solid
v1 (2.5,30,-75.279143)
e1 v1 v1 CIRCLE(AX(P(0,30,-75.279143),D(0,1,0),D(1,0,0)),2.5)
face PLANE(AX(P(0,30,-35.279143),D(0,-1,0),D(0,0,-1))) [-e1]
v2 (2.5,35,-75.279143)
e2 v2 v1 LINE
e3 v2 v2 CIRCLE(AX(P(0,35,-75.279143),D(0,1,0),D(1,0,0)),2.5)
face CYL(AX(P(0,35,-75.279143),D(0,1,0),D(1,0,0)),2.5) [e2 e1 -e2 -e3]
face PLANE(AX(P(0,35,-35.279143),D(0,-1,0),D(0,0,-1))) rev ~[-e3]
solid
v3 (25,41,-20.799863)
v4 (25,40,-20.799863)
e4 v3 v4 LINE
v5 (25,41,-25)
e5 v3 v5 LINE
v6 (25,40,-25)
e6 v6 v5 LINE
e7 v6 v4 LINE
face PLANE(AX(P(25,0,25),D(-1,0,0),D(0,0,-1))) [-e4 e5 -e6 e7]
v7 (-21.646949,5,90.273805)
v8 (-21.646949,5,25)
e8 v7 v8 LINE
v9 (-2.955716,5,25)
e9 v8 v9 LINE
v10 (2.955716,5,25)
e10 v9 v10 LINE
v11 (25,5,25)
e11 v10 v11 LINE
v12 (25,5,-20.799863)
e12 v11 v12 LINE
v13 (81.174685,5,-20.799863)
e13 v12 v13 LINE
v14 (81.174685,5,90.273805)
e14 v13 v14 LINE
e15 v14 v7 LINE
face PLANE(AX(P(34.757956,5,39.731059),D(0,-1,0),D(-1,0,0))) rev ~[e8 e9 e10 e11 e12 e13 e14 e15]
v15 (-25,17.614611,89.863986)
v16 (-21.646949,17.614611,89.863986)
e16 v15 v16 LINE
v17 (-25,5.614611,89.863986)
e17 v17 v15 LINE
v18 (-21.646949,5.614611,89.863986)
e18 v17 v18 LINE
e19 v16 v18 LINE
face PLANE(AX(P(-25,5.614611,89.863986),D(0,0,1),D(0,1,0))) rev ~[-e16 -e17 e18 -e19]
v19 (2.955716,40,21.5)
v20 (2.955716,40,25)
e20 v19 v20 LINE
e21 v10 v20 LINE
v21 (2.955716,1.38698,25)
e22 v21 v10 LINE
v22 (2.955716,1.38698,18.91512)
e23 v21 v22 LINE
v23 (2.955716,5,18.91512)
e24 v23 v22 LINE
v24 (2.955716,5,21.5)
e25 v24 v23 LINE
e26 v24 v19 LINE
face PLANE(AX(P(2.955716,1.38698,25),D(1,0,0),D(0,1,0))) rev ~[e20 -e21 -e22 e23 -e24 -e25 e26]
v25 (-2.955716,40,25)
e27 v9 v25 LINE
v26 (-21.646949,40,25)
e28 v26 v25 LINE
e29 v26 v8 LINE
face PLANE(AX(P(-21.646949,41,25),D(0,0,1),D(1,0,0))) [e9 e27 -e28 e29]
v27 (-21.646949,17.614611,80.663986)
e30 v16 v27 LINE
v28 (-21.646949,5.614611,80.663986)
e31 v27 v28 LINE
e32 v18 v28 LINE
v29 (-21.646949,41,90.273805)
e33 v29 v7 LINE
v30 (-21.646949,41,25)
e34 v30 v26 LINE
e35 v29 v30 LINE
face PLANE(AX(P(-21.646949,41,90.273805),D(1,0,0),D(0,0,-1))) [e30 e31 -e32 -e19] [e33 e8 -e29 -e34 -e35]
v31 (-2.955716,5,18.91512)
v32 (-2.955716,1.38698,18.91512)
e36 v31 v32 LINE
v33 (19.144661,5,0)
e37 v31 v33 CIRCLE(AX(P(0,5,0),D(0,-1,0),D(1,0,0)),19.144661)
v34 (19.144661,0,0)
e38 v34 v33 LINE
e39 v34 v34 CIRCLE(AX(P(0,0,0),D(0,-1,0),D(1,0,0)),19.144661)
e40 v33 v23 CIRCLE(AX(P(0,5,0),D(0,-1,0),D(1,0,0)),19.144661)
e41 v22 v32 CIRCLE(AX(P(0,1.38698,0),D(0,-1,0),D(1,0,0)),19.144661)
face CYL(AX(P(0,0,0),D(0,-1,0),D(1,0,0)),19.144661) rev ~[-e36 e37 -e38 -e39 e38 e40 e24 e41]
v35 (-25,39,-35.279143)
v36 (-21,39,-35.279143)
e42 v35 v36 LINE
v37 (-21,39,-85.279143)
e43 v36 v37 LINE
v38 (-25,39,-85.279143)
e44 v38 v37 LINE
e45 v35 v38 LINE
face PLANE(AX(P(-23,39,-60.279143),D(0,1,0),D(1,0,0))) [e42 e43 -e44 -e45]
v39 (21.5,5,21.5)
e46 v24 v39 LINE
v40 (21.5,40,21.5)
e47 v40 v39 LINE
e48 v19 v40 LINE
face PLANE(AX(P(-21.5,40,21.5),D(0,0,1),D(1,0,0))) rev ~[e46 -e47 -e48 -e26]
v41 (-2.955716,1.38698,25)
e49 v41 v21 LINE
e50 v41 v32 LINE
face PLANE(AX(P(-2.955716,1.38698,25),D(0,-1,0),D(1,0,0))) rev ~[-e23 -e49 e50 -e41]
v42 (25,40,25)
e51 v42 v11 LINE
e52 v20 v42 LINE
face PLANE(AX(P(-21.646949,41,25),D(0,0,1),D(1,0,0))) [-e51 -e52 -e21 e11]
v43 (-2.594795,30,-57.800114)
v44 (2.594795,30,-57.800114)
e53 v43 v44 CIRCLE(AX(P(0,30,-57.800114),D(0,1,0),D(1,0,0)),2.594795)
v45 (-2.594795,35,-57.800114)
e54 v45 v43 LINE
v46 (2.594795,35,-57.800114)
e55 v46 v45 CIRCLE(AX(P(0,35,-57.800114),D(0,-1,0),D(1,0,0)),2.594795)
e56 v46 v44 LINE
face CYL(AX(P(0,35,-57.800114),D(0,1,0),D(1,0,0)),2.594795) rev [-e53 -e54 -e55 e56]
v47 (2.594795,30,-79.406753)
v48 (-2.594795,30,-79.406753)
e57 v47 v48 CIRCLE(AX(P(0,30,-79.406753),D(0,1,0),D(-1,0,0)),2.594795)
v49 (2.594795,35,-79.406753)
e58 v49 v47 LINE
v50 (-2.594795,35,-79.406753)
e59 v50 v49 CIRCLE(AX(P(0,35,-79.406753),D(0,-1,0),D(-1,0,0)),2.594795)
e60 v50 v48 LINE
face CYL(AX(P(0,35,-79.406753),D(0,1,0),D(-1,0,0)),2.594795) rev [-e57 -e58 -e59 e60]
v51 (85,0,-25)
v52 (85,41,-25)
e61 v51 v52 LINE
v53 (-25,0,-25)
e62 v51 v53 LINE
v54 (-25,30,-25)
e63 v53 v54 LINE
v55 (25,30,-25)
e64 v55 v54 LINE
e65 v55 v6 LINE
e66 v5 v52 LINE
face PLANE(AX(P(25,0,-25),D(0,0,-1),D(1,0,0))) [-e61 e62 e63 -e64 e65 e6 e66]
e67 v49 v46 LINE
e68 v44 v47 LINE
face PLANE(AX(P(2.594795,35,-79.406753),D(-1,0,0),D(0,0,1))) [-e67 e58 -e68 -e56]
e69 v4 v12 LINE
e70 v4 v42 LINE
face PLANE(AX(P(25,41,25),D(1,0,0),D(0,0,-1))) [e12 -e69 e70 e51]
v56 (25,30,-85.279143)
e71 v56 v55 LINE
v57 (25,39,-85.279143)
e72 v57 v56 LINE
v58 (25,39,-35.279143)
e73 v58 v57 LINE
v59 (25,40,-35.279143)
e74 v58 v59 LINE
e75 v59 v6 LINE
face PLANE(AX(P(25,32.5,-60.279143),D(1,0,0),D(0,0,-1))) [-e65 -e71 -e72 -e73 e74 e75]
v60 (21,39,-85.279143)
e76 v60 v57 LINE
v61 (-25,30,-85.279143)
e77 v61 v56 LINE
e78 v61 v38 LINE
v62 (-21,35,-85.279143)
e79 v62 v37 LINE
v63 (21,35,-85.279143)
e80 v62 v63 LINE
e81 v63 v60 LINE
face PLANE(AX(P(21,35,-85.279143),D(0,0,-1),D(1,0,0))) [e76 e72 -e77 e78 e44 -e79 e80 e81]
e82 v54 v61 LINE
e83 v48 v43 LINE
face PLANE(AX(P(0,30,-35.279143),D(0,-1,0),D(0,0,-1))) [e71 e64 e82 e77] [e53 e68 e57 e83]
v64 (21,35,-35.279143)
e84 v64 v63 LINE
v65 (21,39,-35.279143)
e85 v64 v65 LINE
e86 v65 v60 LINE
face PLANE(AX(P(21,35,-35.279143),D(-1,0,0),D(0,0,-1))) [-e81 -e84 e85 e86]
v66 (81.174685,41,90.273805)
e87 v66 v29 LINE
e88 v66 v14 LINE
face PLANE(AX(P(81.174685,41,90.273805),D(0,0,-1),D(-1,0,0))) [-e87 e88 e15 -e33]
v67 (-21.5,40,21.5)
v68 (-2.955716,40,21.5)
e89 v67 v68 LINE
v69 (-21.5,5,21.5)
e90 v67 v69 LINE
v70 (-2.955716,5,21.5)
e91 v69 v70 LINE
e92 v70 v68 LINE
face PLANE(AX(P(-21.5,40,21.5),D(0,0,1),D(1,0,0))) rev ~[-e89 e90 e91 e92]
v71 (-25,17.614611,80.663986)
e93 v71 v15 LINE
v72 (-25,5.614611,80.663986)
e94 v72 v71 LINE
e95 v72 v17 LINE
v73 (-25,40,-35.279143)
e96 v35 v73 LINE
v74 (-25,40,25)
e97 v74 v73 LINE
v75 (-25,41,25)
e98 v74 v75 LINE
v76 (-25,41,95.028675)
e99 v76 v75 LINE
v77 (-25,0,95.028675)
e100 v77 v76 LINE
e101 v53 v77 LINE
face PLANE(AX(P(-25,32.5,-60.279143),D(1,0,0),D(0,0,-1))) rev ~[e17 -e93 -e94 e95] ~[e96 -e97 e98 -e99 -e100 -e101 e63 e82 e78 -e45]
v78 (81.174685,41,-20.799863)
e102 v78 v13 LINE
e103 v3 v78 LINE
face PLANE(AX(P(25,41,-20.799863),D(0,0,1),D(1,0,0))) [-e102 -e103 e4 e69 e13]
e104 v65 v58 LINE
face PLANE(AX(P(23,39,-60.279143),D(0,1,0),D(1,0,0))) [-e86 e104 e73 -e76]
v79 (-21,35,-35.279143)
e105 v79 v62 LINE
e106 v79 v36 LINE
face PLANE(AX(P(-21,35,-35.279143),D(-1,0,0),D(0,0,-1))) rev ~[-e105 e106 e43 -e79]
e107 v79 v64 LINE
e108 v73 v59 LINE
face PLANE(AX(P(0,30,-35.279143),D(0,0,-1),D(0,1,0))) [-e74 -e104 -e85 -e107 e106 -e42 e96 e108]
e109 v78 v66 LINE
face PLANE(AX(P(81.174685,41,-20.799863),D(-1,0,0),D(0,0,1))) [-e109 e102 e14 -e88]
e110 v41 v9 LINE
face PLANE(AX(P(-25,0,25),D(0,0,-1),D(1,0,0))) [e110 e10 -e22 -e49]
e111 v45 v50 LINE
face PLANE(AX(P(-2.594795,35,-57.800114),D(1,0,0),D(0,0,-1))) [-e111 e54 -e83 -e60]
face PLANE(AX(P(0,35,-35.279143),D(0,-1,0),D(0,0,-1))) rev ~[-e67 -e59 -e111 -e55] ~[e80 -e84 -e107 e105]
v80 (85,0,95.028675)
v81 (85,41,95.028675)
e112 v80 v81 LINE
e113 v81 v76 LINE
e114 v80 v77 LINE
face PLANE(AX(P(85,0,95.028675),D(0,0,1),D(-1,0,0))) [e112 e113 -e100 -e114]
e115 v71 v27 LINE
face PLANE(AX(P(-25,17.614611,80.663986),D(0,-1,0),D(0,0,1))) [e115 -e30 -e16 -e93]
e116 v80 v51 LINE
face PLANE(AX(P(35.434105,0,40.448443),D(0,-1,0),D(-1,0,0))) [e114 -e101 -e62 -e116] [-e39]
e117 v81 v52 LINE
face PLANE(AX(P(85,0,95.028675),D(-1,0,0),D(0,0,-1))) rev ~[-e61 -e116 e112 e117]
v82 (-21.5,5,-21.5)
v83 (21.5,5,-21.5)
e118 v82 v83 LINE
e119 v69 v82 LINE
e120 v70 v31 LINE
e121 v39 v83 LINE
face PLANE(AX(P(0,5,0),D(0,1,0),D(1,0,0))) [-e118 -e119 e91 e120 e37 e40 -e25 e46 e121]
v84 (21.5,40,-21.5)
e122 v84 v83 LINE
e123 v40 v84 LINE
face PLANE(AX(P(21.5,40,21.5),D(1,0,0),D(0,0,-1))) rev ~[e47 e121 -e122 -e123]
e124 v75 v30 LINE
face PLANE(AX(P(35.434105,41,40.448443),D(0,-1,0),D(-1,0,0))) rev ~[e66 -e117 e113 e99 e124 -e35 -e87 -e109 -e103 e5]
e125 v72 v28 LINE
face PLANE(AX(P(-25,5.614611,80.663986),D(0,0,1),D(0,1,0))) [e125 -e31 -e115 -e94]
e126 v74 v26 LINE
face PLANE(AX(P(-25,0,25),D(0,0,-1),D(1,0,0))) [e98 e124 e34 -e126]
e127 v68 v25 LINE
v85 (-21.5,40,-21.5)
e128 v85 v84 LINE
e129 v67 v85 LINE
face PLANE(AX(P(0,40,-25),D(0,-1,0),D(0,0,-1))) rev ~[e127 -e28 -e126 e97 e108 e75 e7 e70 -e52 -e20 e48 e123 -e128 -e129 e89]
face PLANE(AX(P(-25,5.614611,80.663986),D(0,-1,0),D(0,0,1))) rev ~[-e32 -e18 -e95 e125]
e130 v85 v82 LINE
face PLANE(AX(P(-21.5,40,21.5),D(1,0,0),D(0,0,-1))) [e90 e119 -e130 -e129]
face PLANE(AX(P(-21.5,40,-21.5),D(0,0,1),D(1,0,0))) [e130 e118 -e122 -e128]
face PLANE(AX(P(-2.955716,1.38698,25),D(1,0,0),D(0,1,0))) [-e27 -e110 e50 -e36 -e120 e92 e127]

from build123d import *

# Parameters (mm, degrees)
CROQUIS1_W                   = 50
CROQUIS1_H                   = 50
SALIENTE_EXTRUIR1_DEPTH      = 40
CROQUIS3_W                   = 43
CROQUIS3_H                   = 43
CORTAR_EXTRUIR3_DEPTH        = 35
CROQUIS5_W                   = 10.279142756
CROQUIS5_H                   = 10
SALIENTE_EXTRUIR2_DEPTH      = 25
SALIENTE_EXTRUIR2_DEPTH_BACK = 25
CROQUIS6_W                   = 50
CROQUIS6_H                   = 5
SALIENTE_EXTRUIR3_DEPTH      = 25
SALIENTE_EXTRUIR3_DEPTH_BACK = 25
CROQUIS7_W                   = 4
CROQUIS7_H                   = 50
SALIENTE_EXTRUIR4_DEPTH      = 4
CROQUIS8_R                   = 2.5
CORTAR_EXTRUIR5_DEPTH        = 4
CORTAR_EXTRUIR5_DEPTH_BACK   = 24
CROQUIS12_W                  = 5.911432894
CROQUIS12_H                  = 39.020469491
CORTAR_EXTRUIR7_DEPTH        = 10
CROQUIS13_R                  = 19.144660632
CORTAR_EXTRUIR8_DEPTH        = 10
SALIENTE_EXTRUIR6_DEPTH      = 41
CORTAR_EXTRUIR9_DEPTH        = 36
CROQUIS16_W                  = 9.2
CROQUIS16_H                  = 12
CORTAR_EXTRUIR10_DEPTH       = 36


with BuildPart() as part:
    # Croquis1 → Saliente-Extruir1 (new body)
    with BuildSketch(Plane(origin=(0, 0, 0), x_dir=(1, 0, 0), z_dir=(0, 1, 0))):
        Rectangle(CROQUIS1_W, CROQUIS1_H)
    extrude(amount=SALIENTE_EXTRUIR1_DEPTH)

    # Croquis3 → Cortar-Extruir3 (cut)
    with BuildSketch(Plane(origin=(0, 40, 0), x_dir=(1, 0, 0), z_dir=(0, 1, 0))):
        Rectangle(CROQUIS3_W, CROQUIS3_H)
    extrude(amount=-CORTAR_EXTRUIR3_DEPTH, mode=Mode.SUBTRACT)

    # Croquis5 → Saliente-Extruir2 (add, two sides)
    with BuildSketch(Plane(origin=(0, 0, 0), x_dir=(0, 0, -1), z_dir=(1, 0, 0))) as saliente_extruir2_sk:
        with Locations((30.139571378, 35)):
            Rectangle(CROQUIS5_W, CROQUIS5_H)
    extrude(amount=SALIENTE_EXTRUIR2_DEPTH)
    extrude(saliente_extruir2_sk.sketch, amount=-SALIENTE_EXTRUIR2_DEPTH_BACK)

    # Croquis6 → Saliente-Extruir3 (add, two sides)
    with BuildSketch(Plane(origin=(0, 0, 0), x_dir=(0, 0, -1), z_dir=(1, 0, 0))) as saliente_extruir3_sk:
        with Locations((60.279142756, 32.5)):
            Rectangle(CROQUIS6_W, CROQUIS6_H)
    extrude(amount=SALIENTE_EXTRUIR3_DEPTH)
    extrude(saliente_extruir3_sk.sketch, amount=-SALIENTE_EXTRUIR3_DEPTH_BACK)

    # Croquis7 → Saliente-Extruir4 (add)
    with BuildSketch(Plane(origin=(0, 35, 0), x_dir=(1, 0, 0), z_dir=(0, 1, 0))):
        with Locations((23, 60.279142756)):
            Rectangle(CROQUIS7_W, CROQUIS7_H)
        with Locations((-23, 60.279142756)):
            Rectangle(CROQUIS7_W, CROQUIS7_H)
    extrude(amount=SALIENTE_EXTRUIR4_DEPTH)

    # Croquis8 → Cortar-Extruir5 (cut, two sides)
    with BuildSketch(Plane(origin=(0, 35, 0), x_dir=(1, 0, 0), z_dir=(0, 1, 0))) as cortar_extruir5_sk:
        with BuildLine():
            Line((2.594795299, 79.406752636), (2.594795299, 57.800113609))
            ThreePointArc((2.594795299, 57.800113609), (0, 55.20531831), (-2.594795299, 57.800113609))
            Line((-2.594795299, 57.800113609), (-2.594795299, 79.406752636))
            ThreePointArc((-2.594795299, 79.406752636), (0, 82.001547935), (2.594795299, 79.406752636))
        make_face()
        with Locations((0, 75.279142756)):
            Circle(CROQUIS8_R, mode=Mode.SUBTRACT)
    extrude(amount=CORTAR_EXTRUIR5_DEPTH, mode=Mode.SUBTRACT)
    extrude(cortar_extruir5_sk.sketch, amount=-CORTAR_EXTRUIR5_DEPTH_BACK, mode=Mode.SUBTRACT)

    # Croquis12 → Cortar-Extruir7 (cut)
    with BuildSketch(Plane.XY.offset(25)):
        with Locations((0, 20.897214315)):
            Rectangle(CROQUIS12_W, CROQUIS12_H)
    extrude(amount=-CORTAR_EXTRUIR7_DEPTH, mode=Mode.SUBTRACT)

    # Croquis13 → Cortar-Extruir8 (cut)
    with BuildSketch(Plane.XZ):
        Circle(CROQUIS13_R)
    extrude(amount=-CORTAR_EXTRUIR8_DEPTH, mode=Mode.SUBTRACT)

    # Croquis14 → Saliente-Extruir6 (add)
    with BuildSketch(Plane(origin=(0, 0, 0), x_dir=(1, 0, 0), z_dir=(0, 1, 0))):
        Polygon((25, -25), (25, 25), (85, 25), (85, -25), (85, -95.028675022), (-25, -95.028675022), (-25, -25), align=None)
    extrude(amount=SALIENTE_EXTRUIR6_DEPTH)

    # Croquis15 → Cortar-Extruir9 (cut)
    with BuildSketch(Plane(origin=(0, 41, 0), x_dir=(1, 0, 0), z_dir=(0, 1, 0))):
        Polygon((25, 20.799862751), (81.174684786, 20.799862751), (81.174684786, -90.273805278), (-21.646948679, -90.273805278), (-21.646948679, -25), (25, -25), align=None)
    extrude(amount=-CORTAR_EXTRUIR9_DEPTH, mode=Mode.SUBTRACT)

    # Croquis16 → Cortar-Extruir10 (cut)
    with BuildSketch(Plane.ZY.offset(25)):
        with Locations((85.263986229, 11.614610625)):
            Rectangle(CROQUIS16_W, CROQUIS16_H)
    extrude(amount=-CORTAR_EXTRUIR10_DEPTH, mode=Mode.SUBTRACT)


solid = part.part
